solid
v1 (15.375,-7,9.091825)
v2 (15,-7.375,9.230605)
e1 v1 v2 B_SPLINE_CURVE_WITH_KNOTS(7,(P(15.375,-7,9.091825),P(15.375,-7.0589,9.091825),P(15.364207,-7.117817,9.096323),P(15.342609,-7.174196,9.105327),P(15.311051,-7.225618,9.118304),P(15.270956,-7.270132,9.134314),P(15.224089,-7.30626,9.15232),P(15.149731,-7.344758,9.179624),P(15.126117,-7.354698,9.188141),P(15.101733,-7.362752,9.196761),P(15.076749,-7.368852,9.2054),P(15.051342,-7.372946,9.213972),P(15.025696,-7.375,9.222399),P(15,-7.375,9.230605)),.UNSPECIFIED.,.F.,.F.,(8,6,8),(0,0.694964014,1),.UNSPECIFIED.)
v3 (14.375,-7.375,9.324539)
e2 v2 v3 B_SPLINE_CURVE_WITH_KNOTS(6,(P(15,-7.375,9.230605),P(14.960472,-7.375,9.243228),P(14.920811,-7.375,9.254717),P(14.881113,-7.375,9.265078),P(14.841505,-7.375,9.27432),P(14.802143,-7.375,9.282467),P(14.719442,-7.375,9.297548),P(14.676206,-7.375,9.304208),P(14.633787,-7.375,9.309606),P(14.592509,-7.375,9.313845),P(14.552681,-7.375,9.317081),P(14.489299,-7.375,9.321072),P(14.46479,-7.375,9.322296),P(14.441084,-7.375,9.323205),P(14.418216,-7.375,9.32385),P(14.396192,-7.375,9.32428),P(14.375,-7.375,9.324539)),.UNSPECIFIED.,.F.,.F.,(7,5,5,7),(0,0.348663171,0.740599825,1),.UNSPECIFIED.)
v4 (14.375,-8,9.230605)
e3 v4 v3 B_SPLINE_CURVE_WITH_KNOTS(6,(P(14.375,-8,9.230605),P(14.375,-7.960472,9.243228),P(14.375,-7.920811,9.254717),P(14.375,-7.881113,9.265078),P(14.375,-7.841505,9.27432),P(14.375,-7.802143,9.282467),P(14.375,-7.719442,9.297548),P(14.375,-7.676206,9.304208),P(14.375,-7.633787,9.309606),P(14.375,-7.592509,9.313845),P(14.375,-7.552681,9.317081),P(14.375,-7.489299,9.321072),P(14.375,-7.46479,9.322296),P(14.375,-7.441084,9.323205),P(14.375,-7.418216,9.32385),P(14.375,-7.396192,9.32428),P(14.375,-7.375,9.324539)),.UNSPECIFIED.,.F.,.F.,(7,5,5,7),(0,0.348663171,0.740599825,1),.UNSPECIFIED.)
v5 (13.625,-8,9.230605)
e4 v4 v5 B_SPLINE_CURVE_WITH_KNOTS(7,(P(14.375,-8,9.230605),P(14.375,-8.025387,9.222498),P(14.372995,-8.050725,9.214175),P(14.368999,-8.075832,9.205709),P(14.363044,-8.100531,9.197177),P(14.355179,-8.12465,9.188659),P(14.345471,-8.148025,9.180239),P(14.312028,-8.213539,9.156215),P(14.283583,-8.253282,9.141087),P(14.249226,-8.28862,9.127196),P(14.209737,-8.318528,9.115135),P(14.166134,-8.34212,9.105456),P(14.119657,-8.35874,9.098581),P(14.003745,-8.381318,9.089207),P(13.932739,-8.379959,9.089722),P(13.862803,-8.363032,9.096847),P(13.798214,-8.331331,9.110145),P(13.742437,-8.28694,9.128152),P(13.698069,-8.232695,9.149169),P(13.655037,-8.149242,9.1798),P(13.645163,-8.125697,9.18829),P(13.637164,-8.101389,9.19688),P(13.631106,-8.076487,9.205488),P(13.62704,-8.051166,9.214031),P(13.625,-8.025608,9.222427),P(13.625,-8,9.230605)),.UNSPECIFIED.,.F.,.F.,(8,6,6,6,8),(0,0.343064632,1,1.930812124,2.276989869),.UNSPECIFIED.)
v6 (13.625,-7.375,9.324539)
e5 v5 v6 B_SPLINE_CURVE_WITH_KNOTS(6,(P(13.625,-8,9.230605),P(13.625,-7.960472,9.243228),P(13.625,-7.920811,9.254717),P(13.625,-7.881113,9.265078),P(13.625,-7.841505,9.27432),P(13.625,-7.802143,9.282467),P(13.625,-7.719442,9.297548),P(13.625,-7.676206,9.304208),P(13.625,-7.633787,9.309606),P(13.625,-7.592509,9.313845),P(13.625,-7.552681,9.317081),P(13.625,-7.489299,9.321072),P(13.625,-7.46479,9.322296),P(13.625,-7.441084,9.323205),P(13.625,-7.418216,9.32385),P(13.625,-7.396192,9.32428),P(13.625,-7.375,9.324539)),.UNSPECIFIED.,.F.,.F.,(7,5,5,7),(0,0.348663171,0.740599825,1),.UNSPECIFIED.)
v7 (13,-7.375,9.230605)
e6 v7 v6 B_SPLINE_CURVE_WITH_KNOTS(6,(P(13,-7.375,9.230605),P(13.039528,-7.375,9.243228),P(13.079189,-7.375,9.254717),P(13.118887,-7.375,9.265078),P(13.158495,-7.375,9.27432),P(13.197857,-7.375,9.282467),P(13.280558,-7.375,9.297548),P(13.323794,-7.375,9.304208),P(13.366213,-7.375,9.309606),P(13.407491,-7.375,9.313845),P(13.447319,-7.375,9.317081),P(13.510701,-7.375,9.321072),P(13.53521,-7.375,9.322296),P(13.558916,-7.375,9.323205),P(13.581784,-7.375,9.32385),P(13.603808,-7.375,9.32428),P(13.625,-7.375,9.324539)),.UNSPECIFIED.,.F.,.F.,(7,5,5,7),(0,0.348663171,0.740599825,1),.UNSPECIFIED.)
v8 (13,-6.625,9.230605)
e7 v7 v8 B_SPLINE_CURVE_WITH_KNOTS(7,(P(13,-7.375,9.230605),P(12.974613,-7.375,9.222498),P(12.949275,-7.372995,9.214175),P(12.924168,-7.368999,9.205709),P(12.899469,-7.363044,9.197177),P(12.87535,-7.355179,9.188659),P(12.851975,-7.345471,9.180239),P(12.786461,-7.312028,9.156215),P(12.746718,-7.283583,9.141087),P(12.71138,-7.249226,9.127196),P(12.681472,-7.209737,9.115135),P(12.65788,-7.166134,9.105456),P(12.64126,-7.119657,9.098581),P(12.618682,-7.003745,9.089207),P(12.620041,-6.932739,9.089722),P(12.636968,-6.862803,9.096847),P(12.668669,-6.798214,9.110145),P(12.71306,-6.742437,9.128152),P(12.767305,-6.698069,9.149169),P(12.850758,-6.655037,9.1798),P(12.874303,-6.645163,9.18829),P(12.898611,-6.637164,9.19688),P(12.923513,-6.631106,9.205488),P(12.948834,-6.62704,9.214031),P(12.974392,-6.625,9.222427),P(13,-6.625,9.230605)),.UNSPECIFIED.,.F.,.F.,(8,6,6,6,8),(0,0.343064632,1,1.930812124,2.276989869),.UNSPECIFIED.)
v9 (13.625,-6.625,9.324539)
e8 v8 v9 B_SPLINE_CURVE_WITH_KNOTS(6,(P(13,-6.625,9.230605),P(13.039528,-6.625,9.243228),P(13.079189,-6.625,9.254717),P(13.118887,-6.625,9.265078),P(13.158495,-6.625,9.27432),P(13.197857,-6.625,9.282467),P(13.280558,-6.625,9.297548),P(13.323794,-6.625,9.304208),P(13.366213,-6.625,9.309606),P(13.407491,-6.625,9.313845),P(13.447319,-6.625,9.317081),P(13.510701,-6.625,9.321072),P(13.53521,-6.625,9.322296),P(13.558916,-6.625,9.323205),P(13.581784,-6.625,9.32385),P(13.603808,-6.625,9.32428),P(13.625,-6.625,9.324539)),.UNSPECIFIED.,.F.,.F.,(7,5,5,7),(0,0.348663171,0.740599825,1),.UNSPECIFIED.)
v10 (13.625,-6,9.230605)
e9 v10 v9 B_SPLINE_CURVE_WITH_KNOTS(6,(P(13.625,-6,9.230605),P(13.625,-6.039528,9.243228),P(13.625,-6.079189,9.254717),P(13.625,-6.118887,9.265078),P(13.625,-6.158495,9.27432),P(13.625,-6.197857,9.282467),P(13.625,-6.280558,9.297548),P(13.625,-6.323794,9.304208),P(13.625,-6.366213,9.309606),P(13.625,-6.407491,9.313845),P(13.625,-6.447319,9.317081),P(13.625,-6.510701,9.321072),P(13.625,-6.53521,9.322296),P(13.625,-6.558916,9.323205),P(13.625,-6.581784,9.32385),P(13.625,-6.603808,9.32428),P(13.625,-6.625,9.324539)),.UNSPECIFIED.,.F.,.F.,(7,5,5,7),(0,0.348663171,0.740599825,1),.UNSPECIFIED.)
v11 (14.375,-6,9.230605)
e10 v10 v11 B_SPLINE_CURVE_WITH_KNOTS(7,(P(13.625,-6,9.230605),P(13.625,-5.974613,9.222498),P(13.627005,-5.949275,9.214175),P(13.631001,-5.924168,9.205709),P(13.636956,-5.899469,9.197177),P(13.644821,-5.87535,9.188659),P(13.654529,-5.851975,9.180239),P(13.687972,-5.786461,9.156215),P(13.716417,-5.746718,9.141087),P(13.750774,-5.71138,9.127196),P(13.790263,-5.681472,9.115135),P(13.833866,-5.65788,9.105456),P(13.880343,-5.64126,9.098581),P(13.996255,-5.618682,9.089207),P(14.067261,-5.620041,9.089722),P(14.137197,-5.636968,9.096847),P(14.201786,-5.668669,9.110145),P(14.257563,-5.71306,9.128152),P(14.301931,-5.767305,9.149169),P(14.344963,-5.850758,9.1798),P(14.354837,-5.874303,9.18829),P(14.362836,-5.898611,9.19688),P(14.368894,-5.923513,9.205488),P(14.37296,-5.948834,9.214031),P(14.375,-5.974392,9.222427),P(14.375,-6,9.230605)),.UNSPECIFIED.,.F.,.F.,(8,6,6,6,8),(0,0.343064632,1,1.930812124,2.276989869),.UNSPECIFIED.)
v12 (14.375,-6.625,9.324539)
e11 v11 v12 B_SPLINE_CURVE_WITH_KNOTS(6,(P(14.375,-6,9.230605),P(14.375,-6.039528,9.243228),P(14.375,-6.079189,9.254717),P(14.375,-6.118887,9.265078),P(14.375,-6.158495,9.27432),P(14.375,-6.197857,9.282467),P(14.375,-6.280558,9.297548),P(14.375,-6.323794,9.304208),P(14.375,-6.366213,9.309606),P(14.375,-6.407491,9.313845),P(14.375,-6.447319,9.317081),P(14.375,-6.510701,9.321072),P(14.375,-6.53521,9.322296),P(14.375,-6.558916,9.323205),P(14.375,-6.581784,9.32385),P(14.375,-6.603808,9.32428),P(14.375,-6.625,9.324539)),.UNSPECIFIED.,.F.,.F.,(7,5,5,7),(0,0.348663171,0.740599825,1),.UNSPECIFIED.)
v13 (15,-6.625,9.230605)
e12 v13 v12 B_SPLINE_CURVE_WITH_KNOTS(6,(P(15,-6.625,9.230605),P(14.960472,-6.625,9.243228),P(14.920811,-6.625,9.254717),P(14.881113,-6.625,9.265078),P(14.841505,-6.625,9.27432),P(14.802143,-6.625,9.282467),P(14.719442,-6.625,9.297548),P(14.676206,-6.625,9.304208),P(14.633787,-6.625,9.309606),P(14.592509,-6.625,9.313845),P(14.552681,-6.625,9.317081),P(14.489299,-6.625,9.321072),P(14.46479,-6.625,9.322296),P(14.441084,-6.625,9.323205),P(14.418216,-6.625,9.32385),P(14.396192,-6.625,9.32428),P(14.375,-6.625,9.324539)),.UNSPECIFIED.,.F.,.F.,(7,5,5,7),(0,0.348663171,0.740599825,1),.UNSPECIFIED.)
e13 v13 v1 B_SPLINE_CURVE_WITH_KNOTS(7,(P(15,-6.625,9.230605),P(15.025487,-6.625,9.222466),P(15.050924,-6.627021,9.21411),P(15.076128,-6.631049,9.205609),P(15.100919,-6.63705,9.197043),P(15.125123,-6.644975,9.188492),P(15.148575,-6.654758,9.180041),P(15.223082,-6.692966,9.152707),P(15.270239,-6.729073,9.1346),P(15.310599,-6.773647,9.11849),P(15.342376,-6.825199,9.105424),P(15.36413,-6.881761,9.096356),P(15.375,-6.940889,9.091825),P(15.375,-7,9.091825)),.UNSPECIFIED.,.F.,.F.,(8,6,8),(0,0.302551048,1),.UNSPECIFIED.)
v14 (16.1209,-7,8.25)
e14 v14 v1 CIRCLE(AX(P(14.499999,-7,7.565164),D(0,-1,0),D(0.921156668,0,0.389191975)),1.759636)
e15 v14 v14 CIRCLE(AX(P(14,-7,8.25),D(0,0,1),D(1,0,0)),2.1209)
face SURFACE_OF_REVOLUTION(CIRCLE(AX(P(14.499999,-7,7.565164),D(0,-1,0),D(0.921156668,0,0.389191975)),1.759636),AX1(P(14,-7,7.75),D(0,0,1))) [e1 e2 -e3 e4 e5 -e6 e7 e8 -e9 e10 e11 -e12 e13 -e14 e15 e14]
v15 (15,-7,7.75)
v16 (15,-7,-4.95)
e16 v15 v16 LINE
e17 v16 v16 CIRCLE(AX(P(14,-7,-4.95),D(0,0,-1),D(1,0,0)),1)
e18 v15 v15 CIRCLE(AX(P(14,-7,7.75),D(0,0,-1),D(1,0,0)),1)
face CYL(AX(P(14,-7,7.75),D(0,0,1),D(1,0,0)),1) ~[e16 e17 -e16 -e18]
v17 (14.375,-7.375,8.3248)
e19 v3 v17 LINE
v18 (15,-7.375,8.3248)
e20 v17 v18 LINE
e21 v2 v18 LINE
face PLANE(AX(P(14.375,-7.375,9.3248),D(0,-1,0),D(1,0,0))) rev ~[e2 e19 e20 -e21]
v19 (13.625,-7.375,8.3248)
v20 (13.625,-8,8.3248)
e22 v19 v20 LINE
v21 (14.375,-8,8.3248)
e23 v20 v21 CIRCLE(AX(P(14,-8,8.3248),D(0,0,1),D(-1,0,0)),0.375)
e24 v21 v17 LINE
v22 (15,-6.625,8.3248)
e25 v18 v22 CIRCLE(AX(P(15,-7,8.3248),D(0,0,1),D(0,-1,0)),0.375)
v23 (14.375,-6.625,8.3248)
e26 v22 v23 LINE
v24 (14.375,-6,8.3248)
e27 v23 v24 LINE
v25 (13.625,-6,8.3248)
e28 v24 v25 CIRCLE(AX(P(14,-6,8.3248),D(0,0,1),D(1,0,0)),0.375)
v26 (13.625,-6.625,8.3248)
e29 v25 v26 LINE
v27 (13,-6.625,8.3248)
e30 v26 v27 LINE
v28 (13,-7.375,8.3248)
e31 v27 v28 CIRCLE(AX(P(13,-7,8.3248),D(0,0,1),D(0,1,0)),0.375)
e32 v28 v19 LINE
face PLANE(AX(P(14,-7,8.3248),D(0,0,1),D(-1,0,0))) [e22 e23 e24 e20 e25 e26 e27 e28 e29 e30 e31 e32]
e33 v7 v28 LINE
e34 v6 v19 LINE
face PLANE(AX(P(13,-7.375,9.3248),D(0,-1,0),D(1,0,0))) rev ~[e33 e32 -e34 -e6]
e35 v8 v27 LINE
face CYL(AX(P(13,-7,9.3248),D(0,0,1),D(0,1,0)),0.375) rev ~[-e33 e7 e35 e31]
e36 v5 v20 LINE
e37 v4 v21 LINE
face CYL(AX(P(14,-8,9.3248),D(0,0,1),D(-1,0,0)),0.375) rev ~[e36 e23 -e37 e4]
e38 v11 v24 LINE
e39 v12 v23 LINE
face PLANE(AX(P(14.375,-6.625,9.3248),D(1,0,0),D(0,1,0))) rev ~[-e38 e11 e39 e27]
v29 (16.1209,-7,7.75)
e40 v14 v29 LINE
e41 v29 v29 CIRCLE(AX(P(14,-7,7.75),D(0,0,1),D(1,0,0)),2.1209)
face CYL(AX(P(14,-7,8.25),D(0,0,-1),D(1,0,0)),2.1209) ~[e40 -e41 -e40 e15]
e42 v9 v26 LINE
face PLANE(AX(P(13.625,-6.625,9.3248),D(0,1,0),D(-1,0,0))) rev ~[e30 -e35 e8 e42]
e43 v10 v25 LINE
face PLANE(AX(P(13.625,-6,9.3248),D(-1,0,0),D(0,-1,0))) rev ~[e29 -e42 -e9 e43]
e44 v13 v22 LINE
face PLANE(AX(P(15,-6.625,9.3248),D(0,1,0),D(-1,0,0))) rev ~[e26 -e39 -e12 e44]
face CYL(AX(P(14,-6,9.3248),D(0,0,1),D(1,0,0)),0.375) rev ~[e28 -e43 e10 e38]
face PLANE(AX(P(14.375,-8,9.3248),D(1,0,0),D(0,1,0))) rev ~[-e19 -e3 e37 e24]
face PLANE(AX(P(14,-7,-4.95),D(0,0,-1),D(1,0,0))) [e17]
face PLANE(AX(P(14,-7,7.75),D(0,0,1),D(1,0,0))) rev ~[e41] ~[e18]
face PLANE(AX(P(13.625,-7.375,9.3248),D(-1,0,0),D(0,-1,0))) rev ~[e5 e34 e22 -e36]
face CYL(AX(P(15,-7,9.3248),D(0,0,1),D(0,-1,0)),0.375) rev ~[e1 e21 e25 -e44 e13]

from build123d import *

# Parameters (mm, degrees)
POCKET006_DEPTH = 1
SKETCH019_R     = 1
PAD007_DEPTH    = 12.7


with BuildPart() as part:
    # Sketch017 → Revolution003 (revolve)
    with BuildSketch(Plane.XZ):
        with BuildLine():
            Line((0, 0), (0, 1.5748))
            Line((0, 1.5748), (0.5, 1.5748))
            ThreePointArc((2.1209, 0.5), (1.472434, 1.281687), (0.5, 1.5748))
            Line((2.1209, 0.5), (2.1209, 0))
            Line((2.1209, 0), (0, 0))
        make_face()
    revolve(axis=Axis((0, 0, 0), (0, 0, 1)))

    # Sketch018 (on Face1 of Revolution003) → Pocket006 (cut)
    with BuildSketch(Plane(origin=(0, 0, 1.5748), x_dir=(-1, 0, 0), z_dir=(0, 0, 1))):
        with BuildLine():
            ThreePointArc((0.375, 1), (0, 1.375), (-0.375, 1))
            Line((-0.375, 1), (-0.375, 0.375))
            Line((-0.375, 0.375), (-1, 0.375))
            ThreePointArc((-1, 0.375), (-1.375, 0), (-1, -0.375))
            Line((-1, -0.375), (-0.375, -0.375))
            Line((-0.375, -0.375), (-0.375, -1))
            ThreePointArc((-0.375, -1), (0, -1.375), (0.375, -1))
            Line((0.375, -1), (0.375, -0.375))
            Line((0.375, -0.375), (1, -0.375))
            ThreePointArc((1, -0.375), (1.375, 0), (1, 0.375))
            Line((1, 0.375), (0.375, 0.375))
            Line((0.375, 0.375), (0.375, 1))
        make_face()
    extrude(amount=-POCKET006_DEPTH, mode=Mode.SUBTRACT)

    # Sketch019 (on Face16 of Pocket006) → Pad007 (join)
    with BuildSketch(Plane(origin=(0, 0, 0), x_dir=(1, 0, 0), z_dir=(0, 0, -1))):
        Circle(SKETCH019_R)
    extrude(amount=PAD007_DEPTH)


with BuildPart() as part_1:
    # Body005 placement: moved
    add(part.part.moved(Location((14, -7, 7.75))))


solid = part_1.part
